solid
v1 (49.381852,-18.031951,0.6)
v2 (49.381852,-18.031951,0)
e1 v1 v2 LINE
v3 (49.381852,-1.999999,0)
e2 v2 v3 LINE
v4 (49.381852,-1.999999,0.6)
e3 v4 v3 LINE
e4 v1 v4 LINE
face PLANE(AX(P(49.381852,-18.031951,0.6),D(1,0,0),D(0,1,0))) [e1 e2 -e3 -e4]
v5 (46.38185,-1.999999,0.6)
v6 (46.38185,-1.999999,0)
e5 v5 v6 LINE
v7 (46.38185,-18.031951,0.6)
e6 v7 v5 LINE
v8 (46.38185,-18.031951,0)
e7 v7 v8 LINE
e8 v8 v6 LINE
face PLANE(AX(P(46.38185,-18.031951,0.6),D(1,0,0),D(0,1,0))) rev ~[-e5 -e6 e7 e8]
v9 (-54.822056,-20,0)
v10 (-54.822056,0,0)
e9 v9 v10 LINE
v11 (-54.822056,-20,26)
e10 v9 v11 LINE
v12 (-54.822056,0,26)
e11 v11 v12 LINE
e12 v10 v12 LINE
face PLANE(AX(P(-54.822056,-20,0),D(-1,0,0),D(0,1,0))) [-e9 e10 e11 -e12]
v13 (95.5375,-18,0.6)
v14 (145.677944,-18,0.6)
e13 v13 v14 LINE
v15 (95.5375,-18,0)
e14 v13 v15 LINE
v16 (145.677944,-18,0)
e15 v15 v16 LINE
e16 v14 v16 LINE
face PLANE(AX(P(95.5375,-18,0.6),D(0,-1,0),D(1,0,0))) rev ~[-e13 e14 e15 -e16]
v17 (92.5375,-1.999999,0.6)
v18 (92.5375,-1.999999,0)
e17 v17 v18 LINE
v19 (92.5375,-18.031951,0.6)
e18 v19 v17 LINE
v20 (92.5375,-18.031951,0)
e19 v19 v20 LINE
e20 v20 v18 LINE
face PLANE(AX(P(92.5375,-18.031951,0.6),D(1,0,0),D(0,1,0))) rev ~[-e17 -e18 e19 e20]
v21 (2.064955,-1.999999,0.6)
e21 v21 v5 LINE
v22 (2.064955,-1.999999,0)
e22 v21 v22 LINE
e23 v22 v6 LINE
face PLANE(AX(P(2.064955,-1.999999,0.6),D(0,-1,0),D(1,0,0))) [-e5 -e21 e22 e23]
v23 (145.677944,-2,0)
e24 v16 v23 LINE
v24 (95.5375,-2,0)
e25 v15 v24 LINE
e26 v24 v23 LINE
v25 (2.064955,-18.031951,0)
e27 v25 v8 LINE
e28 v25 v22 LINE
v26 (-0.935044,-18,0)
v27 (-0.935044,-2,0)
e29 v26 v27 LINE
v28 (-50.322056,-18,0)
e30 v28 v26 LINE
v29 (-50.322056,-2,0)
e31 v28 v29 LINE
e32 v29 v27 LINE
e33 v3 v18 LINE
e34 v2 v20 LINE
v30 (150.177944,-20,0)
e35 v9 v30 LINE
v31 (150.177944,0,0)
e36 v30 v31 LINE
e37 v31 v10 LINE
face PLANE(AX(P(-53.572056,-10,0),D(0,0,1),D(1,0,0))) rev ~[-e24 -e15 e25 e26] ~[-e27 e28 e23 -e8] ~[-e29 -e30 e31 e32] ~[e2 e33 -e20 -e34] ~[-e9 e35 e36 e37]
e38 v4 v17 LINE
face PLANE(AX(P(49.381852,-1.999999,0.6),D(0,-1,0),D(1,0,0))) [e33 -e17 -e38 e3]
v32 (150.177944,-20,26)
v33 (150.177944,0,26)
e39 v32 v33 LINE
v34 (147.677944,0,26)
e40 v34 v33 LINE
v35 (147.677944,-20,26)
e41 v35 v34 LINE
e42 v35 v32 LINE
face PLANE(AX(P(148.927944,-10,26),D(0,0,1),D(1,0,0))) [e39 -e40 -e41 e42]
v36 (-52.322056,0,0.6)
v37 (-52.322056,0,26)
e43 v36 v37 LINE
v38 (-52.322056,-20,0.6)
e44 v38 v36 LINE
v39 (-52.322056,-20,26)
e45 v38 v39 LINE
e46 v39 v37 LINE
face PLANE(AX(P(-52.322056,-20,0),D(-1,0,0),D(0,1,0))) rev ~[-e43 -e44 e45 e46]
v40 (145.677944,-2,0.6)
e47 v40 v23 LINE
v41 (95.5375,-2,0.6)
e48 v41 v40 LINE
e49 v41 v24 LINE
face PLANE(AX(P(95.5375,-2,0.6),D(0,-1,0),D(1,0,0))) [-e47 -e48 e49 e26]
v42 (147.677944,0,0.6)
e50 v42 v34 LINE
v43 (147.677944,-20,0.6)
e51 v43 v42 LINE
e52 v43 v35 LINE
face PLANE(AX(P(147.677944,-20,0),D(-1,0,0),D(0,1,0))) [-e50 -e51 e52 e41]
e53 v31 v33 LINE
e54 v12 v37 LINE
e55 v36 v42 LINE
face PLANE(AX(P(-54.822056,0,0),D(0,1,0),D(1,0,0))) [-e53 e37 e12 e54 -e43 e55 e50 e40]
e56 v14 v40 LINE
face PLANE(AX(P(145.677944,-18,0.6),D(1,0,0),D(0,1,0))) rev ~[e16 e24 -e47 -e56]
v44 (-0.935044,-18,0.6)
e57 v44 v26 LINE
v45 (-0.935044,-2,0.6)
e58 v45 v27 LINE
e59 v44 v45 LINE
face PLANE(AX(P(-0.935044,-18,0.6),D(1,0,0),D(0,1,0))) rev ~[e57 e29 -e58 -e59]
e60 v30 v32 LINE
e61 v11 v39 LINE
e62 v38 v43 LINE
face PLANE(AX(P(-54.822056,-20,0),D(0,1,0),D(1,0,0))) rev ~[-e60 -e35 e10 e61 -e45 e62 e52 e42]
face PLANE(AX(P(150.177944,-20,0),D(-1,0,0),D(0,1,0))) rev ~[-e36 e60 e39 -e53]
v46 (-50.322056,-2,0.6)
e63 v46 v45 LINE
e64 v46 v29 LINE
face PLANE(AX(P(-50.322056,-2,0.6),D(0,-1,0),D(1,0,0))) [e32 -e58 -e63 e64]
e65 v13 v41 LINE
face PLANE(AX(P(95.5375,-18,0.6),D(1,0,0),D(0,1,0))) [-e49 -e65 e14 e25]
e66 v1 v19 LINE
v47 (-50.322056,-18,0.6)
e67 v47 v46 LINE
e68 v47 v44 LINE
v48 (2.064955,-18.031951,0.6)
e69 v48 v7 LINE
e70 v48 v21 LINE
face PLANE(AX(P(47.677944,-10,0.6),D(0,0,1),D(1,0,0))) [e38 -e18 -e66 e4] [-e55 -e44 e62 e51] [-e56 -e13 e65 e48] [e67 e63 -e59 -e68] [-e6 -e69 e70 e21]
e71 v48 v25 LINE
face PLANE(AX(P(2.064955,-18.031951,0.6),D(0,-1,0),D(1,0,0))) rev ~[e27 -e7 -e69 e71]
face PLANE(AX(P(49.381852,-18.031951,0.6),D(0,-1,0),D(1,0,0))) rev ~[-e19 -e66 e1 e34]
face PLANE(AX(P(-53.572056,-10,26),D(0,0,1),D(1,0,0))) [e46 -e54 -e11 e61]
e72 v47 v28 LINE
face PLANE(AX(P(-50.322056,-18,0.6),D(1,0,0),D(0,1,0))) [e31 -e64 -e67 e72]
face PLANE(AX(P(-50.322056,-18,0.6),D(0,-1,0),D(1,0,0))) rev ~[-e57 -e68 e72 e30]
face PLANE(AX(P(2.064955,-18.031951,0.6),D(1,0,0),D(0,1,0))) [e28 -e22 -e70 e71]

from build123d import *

# Parameters (mm, degrees)
F0_W     = 200
F0_H     = 20
F1_DEPTH = 0.6
F3_W     = 2.5
F3_H     = 20
F4_DEPTH = 26
F2_W     = 49.387012
F2_H     = 16
F2_W_2   = 44.316895
F2_H_2   = 16.031951
F2_W_3   = 43.155649
F2_W_4   = 50.140444
F5_DEPTH = 25


with BuildPart() as f1:
    # F0 (on Top) → F1 (new body)
    with BuildSketch(Plane.XY):
        with Locations((47.677944, -10)):
            Rectangle(F0_W, F0_H)
    extrude(amount=F1_DEPTH)

    # F3 (on Top) → F4 (join)
    with BuildSketch(Plane.XY):
        with Locations((-53.572056, -10)):
            Rectangle(F3_W, F3_H)
        with Locations((148.927944, -10)):
            Rectangle(F3_W, F3_H)
    extrude(amount=F4_DEPTH)

    # F2 (on face) → F5 (cut)
    with BuildSketch(Plane.XY.offset(0.6)):
        with Locations((-25.62855, -10)):
            Rectangle(F2_W, F2_H)
        with Locations((24.223403, -10.015975)):
            Rectangle(F2_W_2, F2_H_2)
        with Locations((70.959676, -10.015975)):
            Rectangle(F2_W_3, F2_H_2)
        with Locations((120.607722, -10)):
            Rectangle(F2_W_4, F2_H)
    extrude(amount=-F5_DEPTH, mode=Mode.SUBTRACT)


solid = f1.part
